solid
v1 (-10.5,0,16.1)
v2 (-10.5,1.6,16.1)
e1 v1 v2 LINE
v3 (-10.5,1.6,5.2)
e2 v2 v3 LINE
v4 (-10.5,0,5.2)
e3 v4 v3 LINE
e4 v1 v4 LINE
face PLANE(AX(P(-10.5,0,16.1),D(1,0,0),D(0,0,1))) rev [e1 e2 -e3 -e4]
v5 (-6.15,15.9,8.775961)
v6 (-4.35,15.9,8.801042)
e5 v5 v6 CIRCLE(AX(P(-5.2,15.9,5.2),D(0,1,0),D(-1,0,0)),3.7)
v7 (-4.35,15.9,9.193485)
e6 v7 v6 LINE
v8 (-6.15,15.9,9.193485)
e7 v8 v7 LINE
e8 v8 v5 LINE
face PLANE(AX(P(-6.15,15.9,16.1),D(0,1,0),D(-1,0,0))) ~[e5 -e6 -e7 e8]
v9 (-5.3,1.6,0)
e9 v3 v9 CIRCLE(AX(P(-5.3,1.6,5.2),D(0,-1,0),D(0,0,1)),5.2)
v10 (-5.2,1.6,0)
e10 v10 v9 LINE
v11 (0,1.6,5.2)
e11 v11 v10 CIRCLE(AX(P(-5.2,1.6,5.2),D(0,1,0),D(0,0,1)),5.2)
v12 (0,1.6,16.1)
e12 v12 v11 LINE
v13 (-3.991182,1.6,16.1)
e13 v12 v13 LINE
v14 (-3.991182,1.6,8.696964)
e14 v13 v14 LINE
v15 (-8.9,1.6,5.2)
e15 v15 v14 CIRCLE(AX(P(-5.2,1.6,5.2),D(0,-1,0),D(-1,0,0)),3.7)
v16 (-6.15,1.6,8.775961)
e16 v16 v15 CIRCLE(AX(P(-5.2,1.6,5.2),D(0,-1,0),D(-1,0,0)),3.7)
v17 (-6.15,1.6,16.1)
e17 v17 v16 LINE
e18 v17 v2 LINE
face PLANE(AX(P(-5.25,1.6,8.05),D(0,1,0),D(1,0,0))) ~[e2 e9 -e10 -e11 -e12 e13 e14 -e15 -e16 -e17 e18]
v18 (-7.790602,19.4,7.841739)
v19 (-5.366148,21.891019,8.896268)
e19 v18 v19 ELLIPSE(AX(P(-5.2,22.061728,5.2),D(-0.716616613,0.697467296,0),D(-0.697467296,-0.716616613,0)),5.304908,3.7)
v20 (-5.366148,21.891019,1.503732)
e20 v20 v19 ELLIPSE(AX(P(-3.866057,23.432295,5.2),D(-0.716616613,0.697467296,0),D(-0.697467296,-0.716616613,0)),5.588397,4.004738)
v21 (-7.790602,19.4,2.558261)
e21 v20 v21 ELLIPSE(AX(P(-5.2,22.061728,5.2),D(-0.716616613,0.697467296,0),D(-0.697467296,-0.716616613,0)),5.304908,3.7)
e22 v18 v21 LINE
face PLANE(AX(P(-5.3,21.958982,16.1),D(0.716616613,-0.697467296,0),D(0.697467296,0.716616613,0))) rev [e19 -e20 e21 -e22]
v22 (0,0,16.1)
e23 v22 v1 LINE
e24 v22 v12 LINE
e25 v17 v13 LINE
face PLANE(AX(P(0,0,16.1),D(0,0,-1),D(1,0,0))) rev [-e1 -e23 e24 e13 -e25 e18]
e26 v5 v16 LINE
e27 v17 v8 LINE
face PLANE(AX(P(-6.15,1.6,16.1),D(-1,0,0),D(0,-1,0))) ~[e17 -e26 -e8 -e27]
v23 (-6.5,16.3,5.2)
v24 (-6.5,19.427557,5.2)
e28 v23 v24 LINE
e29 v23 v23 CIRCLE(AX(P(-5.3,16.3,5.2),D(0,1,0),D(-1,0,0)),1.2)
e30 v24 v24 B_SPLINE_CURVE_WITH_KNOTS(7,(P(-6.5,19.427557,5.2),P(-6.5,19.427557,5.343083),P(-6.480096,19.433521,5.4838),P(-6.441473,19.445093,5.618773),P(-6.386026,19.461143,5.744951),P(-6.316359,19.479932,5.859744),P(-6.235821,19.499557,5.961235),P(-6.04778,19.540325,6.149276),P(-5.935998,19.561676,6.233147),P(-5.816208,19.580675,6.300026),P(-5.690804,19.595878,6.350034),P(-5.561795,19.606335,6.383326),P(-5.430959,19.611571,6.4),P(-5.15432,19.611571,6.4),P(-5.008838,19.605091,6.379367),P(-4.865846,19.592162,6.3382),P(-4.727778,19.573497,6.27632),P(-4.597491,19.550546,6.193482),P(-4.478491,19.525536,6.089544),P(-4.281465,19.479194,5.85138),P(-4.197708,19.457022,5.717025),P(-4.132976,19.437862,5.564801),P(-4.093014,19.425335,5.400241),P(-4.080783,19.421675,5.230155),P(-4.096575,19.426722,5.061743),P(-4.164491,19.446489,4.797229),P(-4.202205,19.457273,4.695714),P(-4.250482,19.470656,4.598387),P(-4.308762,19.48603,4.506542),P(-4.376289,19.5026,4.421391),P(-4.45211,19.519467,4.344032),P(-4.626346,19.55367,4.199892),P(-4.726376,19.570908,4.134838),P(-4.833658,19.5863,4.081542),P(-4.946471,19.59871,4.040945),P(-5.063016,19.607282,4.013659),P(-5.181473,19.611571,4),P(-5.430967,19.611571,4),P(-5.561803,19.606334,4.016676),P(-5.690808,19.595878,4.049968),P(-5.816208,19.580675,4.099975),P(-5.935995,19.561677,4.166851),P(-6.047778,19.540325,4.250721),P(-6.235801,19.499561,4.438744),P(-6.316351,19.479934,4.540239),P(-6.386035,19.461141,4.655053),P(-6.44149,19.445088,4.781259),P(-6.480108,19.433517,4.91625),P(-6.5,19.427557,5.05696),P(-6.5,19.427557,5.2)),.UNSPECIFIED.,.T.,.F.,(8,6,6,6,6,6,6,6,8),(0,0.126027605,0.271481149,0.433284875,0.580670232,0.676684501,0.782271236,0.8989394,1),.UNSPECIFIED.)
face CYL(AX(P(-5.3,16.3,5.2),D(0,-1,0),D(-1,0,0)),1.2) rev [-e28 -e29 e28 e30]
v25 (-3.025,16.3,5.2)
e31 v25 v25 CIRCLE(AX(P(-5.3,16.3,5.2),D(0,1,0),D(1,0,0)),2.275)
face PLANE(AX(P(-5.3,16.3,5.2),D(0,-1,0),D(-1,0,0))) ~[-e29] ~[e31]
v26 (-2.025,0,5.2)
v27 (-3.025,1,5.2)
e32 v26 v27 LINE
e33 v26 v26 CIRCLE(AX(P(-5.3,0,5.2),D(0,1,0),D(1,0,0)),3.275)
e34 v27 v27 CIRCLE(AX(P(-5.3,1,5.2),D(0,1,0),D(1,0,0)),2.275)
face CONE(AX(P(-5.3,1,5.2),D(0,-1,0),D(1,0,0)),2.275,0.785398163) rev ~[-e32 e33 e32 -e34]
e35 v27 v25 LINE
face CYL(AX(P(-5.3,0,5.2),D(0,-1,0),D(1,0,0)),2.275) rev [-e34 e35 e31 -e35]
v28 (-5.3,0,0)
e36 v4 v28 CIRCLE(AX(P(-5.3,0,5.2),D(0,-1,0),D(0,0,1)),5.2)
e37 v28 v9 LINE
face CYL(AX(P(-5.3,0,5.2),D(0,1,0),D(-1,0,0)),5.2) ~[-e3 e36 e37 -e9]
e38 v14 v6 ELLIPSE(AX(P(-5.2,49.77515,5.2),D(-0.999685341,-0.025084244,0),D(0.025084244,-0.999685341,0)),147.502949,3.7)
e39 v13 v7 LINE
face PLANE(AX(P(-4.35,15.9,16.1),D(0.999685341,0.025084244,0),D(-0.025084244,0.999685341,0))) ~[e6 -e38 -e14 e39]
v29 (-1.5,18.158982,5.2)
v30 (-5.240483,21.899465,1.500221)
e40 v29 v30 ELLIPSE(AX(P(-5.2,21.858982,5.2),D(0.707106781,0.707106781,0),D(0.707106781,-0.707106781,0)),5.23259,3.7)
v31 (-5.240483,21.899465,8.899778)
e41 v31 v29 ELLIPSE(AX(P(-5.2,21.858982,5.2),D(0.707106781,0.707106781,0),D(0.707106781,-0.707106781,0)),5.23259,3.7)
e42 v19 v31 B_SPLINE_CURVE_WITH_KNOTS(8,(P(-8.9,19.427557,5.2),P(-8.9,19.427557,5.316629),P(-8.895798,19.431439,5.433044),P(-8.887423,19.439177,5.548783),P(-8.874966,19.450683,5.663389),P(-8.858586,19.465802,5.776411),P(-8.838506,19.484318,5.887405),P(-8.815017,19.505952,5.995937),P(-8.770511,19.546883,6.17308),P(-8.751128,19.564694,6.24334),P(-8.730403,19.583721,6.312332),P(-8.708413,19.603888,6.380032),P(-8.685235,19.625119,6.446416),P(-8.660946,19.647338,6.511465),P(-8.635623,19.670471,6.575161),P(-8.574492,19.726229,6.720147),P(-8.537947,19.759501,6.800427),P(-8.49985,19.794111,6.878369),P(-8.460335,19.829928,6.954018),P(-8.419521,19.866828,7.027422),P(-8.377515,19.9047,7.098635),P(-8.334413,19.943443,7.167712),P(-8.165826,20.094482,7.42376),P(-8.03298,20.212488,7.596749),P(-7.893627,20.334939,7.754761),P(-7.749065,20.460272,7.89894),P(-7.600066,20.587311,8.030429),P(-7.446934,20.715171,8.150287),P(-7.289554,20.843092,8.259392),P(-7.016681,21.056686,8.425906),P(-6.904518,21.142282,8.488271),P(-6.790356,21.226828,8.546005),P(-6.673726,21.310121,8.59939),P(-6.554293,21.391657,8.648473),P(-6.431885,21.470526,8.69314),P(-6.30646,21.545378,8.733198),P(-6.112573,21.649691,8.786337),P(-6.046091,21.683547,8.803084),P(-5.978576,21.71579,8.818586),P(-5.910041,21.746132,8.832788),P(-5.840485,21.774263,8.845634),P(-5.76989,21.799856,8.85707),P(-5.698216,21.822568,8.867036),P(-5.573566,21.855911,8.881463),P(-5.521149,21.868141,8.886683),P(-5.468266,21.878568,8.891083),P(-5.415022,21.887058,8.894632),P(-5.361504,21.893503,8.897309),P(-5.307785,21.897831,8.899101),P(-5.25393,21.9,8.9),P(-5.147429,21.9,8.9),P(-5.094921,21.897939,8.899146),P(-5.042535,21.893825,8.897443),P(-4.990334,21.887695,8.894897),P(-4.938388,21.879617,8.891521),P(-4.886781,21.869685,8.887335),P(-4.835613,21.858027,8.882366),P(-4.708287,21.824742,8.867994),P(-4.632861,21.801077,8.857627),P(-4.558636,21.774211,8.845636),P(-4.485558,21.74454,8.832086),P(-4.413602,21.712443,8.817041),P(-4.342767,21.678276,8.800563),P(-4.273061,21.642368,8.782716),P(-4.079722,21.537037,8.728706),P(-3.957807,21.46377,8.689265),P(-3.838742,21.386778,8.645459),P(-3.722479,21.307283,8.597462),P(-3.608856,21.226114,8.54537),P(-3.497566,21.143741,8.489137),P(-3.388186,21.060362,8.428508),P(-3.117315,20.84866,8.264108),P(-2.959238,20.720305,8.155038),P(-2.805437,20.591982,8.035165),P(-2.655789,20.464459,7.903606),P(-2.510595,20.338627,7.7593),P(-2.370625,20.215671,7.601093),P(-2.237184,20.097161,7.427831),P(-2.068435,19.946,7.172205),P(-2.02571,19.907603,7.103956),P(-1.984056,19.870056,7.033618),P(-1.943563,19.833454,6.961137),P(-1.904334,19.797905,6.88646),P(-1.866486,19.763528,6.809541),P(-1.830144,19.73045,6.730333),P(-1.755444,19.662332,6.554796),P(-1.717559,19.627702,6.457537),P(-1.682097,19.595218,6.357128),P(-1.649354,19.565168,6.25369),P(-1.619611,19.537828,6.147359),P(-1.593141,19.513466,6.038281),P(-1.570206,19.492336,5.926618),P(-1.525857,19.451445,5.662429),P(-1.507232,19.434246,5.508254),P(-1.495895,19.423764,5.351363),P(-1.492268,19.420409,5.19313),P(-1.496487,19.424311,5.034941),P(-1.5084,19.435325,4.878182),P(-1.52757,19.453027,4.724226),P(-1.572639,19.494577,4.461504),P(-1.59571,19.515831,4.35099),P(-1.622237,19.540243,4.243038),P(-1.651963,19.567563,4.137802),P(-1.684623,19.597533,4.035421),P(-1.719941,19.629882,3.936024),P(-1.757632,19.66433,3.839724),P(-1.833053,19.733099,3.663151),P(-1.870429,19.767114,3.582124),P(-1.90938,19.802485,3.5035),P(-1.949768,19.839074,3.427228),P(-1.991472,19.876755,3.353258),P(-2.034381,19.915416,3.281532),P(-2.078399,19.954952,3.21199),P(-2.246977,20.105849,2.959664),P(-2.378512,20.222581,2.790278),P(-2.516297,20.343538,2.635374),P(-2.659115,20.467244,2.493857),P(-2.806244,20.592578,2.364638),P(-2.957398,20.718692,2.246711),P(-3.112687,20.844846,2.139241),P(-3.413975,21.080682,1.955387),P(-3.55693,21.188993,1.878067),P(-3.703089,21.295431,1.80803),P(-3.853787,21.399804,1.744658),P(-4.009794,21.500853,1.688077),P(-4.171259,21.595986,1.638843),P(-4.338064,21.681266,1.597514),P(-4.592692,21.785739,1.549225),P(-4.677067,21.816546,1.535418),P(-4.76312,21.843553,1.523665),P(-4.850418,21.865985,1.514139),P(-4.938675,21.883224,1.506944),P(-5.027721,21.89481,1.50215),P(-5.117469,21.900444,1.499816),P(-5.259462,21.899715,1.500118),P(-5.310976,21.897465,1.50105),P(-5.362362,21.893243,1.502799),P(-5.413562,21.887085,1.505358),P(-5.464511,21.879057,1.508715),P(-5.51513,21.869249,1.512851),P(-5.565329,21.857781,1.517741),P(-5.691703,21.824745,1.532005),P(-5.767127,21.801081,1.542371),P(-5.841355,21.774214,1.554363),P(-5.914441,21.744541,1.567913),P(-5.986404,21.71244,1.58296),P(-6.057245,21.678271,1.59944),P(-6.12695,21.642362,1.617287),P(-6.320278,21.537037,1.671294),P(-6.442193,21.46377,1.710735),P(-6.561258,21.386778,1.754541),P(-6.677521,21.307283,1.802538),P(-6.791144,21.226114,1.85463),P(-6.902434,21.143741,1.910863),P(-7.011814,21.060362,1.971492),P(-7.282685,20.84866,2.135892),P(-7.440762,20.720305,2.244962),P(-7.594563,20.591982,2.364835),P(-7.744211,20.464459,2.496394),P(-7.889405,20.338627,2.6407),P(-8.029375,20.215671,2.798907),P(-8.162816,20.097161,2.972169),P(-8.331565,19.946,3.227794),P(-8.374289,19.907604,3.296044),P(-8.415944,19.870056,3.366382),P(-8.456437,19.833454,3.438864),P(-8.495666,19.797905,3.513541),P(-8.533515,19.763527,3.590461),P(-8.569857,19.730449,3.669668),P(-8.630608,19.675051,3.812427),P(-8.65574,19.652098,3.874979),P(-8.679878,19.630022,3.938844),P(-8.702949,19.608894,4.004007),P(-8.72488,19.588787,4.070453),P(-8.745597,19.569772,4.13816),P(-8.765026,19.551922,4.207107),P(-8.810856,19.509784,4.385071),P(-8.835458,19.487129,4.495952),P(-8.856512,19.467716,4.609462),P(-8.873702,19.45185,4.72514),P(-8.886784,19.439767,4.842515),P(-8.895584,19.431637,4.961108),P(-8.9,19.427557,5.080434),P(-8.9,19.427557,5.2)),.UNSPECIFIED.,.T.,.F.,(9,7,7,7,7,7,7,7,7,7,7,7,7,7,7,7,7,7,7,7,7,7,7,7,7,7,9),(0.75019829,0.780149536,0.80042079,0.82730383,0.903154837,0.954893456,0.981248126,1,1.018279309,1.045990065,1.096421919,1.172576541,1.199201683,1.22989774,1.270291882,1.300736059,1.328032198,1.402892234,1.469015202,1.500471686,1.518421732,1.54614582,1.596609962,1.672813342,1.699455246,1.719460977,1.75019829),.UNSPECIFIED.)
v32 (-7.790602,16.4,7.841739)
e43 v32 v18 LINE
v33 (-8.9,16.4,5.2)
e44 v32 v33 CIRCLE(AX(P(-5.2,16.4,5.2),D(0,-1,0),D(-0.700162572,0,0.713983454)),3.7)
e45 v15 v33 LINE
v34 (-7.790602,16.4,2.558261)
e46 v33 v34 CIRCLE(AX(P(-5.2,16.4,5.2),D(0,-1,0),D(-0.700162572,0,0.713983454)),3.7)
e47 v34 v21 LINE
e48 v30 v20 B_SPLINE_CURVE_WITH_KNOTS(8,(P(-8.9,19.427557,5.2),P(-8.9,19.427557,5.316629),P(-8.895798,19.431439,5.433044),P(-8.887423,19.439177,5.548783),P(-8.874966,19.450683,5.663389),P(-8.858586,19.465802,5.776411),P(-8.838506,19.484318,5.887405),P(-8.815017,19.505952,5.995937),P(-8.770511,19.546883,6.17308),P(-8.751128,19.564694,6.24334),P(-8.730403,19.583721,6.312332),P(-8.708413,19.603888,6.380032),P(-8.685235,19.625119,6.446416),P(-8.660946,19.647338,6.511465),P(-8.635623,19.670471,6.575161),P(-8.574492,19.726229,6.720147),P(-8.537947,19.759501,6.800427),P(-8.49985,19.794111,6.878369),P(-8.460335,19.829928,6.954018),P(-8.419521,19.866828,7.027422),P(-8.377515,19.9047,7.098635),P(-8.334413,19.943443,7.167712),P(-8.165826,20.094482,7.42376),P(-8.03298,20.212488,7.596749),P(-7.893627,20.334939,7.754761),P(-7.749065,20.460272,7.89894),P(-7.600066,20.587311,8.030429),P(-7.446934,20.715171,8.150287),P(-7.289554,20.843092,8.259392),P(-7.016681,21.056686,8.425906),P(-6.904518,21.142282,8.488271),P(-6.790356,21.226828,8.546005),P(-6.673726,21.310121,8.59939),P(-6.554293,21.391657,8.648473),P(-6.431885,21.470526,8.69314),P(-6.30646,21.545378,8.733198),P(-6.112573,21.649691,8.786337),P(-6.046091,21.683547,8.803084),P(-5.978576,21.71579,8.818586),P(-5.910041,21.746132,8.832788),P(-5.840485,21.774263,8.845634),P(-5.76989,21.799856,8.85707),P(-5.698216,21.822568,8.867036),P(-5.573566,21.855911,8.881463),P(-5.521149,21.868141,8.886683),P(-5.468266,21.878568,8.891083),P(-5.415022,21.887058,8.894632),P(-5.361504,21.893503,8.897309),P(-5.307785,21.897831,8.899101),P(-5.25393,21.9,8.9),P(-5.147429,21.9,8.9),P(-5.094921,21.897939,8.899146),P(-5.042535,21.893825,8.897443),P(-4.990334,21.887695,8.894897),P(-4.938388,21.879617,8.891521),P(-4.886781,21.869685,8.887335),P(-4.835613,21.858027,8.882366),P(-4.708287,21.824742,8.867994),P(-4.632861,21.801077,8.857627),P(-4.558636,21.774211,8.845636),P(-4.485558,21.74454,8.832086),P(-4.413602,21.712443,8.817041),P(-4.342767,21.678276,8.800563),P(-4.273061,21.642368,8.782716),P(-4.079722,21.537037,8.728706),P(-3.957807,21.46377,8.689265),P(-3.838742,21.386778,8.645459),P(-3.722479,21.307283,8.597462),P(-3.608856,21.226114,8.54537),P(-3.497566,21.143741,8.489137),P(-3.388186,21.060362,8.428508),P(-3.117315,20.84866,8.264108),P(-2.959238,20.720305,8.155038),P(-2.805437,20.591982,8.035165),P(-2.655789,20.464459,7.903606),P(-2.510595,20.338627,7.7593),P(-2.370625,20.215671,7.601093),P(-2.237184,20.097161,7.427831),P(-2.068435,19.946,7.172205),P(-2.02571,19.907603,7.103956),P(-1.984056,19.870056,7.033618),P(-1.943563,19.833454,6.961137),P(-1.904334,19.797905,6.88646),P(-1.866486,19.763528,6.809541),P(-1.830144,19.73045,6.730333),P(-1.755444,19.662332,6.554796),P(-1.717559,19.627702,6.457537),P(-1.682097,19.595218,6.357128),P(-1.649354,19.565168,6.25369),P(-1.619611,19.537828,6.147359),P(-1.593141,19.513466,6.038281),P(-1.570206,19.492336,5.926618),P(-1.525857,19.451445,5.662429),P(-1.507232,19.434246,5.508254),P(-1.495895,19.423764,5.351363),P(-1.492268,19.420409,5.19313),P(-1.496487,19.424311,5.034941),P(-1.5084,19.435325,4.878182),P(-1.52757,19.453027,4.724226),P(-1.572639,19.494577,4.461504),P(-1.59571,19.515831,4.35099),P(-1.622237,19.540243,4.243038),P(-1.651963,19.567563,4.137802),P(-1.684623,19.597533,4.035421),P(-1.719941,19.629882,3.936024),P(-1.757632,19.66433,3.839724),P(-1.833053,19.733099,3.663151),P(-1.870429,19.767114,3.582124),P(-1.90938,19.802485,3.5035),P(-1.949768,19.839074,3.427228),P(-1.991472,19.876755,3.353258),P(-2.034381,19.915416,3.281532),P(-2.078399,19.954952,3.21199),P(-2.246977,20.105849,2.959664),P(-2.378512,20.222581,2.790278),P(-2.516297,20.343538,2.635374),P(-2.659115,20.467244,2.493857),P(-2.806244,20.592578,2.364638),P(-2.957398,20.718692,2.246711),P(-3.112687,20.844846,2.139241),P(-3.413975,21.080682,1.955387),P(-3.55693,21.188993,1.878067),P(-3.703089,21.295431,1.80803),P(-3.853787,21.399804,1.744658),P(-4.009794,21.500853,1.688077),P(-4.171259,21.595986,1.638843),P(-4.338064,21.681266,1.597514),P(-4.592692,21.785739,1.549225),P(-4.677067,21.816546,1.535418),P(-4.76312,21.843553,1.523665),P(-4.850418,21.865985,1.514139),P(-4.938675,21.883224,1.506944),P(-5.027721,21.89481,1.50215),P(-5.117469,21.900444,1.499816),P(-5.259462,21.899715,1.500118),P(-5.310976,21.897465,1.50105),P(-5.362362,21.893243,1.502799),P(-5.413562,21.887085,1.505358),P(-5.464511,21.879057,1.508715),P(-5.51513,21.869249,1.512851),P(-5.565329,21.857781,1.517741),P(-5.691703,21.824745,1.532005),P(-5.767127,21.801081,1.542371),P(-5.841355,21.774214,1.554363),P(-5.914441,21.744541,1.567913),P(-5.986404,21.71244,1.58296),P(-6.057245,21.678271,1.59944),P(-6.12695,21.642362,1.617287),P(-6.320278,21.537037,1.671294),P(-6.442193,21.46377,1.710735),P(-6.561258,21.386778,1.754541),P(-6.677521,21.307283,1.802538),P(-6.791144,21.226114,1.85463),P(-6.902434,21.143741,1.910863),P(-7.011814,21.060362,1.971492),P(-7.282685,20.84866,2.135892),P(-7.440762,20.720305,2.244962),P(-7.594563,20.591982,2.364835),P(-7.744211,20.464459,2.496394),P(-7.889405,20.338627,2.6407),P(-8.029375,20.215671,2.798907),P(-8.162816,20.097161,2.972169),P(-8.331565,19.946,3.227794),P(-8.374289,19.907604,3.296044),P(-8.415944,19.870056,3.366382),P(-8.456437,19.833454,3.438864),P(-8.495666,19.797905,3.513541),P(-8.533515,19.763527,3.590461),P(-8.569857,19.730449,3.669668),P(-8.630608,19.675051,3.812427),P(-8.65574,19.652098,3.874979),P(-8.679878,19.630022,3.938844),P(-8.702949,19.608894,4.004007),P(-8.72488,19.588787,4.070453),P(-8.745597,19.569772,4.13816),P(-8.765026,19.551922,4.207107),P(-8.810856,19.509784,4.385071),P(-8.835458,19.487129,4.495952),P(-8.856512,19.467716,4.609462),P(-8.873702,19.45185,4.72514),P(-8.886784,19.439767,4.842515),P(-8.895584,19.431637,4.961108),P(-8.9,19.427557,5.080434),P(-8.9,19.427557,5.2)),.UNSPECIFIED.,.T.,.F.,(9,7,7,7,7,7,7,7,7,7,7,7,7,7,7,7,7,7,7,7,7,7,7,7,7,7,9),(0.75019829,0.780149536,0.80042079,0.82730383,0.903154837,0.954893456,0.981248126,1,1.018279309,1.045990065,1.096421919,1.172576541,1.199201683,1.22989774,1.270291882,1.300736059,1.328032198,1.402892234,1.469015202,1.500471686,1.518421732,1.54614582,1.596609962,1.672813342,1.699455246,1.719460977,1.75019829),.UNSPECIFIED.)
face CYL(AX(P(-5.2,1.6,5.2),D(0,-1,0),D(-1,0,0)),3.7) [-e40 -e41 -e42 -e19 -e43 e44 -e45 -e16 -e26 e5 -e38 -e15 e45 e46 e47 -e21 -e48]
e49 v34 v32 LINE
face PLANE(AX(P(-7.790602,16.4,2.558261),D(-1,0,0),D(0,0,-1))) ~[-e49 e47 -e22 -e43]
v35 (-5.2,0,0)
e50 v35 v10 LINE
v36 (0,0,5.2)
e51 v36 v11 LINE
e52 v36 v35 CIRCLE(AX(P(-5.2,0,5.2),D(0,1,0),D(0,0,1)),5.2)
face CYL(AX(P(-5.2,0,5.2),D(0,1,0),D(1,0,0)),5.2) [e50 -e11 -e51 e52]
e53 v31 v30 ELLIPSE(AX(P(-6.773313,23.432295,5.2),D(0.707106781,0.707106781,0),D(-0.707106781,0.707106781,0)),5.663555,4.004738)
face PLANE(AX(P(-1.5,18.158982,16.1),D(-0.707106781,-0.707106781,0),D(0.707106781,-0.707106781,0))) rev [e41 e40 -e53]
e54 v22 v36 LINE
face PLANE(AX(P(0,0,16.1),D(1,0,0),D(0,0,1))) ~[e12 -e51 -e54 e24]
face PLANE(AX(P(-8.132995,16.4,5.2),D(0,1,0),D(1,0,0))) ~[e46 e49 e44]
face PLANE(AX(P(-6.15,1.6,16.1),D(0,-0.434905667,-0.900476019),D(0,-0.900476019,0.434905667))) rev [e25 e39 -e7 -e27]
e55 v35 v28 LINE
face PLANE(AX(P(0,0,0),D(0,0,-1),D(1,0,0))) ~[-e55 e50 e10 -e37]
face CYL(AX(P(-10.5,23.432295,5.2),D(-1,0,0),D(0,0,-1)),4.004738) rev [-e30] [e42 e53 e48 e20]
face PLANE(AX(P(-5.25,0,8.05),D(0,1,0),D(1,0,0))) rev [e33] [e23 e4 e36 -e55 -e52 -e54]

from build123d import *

# Parameters (mm, degrees)
SKETCH1_W           = 10.5
SKETCH1_H           = 16.1
BOSS_EXTRUDE1_DEPTH = 1.6
FILLET1_R           = 5.2
SKETCH2_R           = 3.7
BOSS_EXTRUDE2_DEPTH = 20.3
SKETCH3_R           = 4.004738107
CUT_EXTRUDE1_DEPTH  = 20.3
CUT_EXTRUDE2_START  = 14.8
CUT_EXTRUDE2_DEPTH  = 6.500000101
CUT_EXTRUDE4_DEPTH  = 20.3
SKETCH6_R           = 2.275
CUT_EXTRUDE5_DEPTH  = 16.3
CHAMFER1_SIZE       = 1
CUT_EXTRUDE6_REACH  = 7.599
SKETCH7_R           = 1.2
BOSS_EXTRUDE4_REACH = 18.1
CUT_EXTRUDE8_REACH  = 8.15


with BuildPart() as part:
    # Sketch1 → Boss-Extrude1 (new body)
    with BuildSketch(Plane(origin=(0, 0, 0), x_dir=(1, 0, 0), z_dir=(0, 1, 0))):
        with Locations((5.25, -8.05)):
            Rectangle(SKETCH1_W, SKETCH1_H)
    extrude(amount=BOSS_EXTRUDE1_DEPTH)

    # Fillet1
    fillet1_edges = [part.edges().sort_by_distance(p)[0] for p in [
        (0, 0.8, 0),
        (10.5, 0.8, 0),
    ]]
    fillet(fillet1_edges, radius=FILLET1_R)

    # Sketch2 → Boss-Extrude2 (add)
    with BuildSketch(Plane(origin=(0, 1.6, 0), x_dir=(1, 0, 0), z_dir=(0, 1, 0))):
        with Locations((5.2, -5.2)):
            Circle(SKETCH2_R)
    extrude(amount=BOSS_EXTRUDE2_DEPTH)

    # Sketch3 → Cut-Extrude1 (cut)
    with BuildSketch(Plane(origin=(10.5, 0, 0), x_dir=(0, 0, -1), z_dir=(1, 0, 0))):
        with Locations((-5.2, 23.432294784)):
            Circle(SKETCH3_R)
    extrude(amount=-CUT_EXTRUDE1_DEPTH, mode=Mode.SUBTRACT)

    # Sketch4 → Cut-Extrude2 (cut, through all)
    with BuildSketch(Plane(origin=(0, 1.6, 0), x_dir=(1, 0, 0), z_dir=(0, 1, 0)).offset(CUT_EXTRUDE2_START)):
        with BuildLine():
            Line((7.790601515, -2.558261218), (7.790601515, -7.841738782))
            ThreePointArc((7.790601515, -7.841738782), (8.9, -5.2), (7.790601515, -2.558261218))
        make_face()
    extrude(amount=CUT_EXTRUDE2_DEPTH, mode=Mode.SUBTRACT)

    # Sketch5 → Cut-Extrude4 (cut)
    with BuildSketch(Plane.XY.offset(16.1)):
        Polygon((5.3, 21.958982239), (7.790601515, 19.4), (9.828300682, 21.383248088), (4.534562835, 26.822328186), (-0.186346152, 21.958982239), (1.5, 18.158982239), align=None)
    extrude(amount=-CUT_EXTRUDE4_DEPTH, mode=Mode.SUBTRACT)

    # Sketch6 → Cut-Extrude5 (cut)
    with BuildSketch(Plane(origin=(0, 0, 0), x_dir=(-1, 0, 0), z_dir=(0, -1, 0))):
        with Locations((-5.3, -5.2)):
            Circle(SKETCH6_R)
    extrude(amount=-CUT_EXTRUDE5_DEPTH, mode=Mode.SUBTRACT)

    # Chamfer1
    chamfer1_edges = [part.edges().sort_by_distance(p)[0] for p in [
        (7.575, 0, 5.2),
    ]]
    chamfer(chamfer1_edges, length=CHAMFER1_SIZE)

    # Sketch7 → Cut-Extrude6 (cut, up to next)
    with BuildSketch(Plane.XZ.offset(-16.3), mode=Mode.PRIVATE) as cut_extrude6_sk1:
        with Locations((5.3, 5.2)):
            Circle(SKETCH7_R)
    cut_extrude6_tool1 = extrude(cut_extrude6_sk1.sketch, amount=-CUT_EXTRUDE6_REACH, mode=Mode.PRIVATE) & part.part
    add(cut_extrude6_tool1.solids().sort_by_distance((5.3, 16.3, 5.2))[0], mode=Mode.SUBTRACT)

    # Sketch8 → Boss-Extrude4 (add, up to next)
    with BuildSketch(Plane.XY.offset(16.1), mode=Mode.PRIVATE) as boss_extrude4_sk1:
        Polygon((4.35, 15.9), (3.991182401, 1.6), (6.15, 1.6), (6.15, 15.9), align=None)
    boss_extrude4_tool1 = extrude(boss_extrude4_sk1.sketch, amount=-BOSS_EXTRUDE4_REACH, mode=Mode.PRIVATE) - part.part
    add(boss_extrude4_tool1.solids().sort_by_distance((5.157585, 8.53398, 16.1))[0])

    # Sketch11 → Cut-Extrude8 (cut, up to next)
    with BuildSketch(Plane(origin=(6.15, 0, 0), x_dir=(0, 0, -1), z_dir=(1, 0, 0)), mode=Mode.PRIVATE) as cut_extrude8_sk1:
        Polygon((-16.1, 15.9), (-16.1, 1.6), (-9.19348511, 15.9), align=None)
    cut_extrude8_tool1 = extrude(cut_extrude8_sk1.sketch, amount=-CUT_EXTRUDE8_REACH, mode=Mode.PRIVATE) & part.part
    add(cut_extrude8_tool1.solids().sort_by_distance((6.15, 11.133333, 13.797828))[0], mode=Mode.SUBTRACT)


with BuildPart() as body_2:
    # Mirror3: mirrored copy
    add(part.part.mirror(Plane(origin=(0, 1.6, 0), x_dir=(0, 0, 1), z_dir=(1, 0, 0))))


solid = body_2.part
